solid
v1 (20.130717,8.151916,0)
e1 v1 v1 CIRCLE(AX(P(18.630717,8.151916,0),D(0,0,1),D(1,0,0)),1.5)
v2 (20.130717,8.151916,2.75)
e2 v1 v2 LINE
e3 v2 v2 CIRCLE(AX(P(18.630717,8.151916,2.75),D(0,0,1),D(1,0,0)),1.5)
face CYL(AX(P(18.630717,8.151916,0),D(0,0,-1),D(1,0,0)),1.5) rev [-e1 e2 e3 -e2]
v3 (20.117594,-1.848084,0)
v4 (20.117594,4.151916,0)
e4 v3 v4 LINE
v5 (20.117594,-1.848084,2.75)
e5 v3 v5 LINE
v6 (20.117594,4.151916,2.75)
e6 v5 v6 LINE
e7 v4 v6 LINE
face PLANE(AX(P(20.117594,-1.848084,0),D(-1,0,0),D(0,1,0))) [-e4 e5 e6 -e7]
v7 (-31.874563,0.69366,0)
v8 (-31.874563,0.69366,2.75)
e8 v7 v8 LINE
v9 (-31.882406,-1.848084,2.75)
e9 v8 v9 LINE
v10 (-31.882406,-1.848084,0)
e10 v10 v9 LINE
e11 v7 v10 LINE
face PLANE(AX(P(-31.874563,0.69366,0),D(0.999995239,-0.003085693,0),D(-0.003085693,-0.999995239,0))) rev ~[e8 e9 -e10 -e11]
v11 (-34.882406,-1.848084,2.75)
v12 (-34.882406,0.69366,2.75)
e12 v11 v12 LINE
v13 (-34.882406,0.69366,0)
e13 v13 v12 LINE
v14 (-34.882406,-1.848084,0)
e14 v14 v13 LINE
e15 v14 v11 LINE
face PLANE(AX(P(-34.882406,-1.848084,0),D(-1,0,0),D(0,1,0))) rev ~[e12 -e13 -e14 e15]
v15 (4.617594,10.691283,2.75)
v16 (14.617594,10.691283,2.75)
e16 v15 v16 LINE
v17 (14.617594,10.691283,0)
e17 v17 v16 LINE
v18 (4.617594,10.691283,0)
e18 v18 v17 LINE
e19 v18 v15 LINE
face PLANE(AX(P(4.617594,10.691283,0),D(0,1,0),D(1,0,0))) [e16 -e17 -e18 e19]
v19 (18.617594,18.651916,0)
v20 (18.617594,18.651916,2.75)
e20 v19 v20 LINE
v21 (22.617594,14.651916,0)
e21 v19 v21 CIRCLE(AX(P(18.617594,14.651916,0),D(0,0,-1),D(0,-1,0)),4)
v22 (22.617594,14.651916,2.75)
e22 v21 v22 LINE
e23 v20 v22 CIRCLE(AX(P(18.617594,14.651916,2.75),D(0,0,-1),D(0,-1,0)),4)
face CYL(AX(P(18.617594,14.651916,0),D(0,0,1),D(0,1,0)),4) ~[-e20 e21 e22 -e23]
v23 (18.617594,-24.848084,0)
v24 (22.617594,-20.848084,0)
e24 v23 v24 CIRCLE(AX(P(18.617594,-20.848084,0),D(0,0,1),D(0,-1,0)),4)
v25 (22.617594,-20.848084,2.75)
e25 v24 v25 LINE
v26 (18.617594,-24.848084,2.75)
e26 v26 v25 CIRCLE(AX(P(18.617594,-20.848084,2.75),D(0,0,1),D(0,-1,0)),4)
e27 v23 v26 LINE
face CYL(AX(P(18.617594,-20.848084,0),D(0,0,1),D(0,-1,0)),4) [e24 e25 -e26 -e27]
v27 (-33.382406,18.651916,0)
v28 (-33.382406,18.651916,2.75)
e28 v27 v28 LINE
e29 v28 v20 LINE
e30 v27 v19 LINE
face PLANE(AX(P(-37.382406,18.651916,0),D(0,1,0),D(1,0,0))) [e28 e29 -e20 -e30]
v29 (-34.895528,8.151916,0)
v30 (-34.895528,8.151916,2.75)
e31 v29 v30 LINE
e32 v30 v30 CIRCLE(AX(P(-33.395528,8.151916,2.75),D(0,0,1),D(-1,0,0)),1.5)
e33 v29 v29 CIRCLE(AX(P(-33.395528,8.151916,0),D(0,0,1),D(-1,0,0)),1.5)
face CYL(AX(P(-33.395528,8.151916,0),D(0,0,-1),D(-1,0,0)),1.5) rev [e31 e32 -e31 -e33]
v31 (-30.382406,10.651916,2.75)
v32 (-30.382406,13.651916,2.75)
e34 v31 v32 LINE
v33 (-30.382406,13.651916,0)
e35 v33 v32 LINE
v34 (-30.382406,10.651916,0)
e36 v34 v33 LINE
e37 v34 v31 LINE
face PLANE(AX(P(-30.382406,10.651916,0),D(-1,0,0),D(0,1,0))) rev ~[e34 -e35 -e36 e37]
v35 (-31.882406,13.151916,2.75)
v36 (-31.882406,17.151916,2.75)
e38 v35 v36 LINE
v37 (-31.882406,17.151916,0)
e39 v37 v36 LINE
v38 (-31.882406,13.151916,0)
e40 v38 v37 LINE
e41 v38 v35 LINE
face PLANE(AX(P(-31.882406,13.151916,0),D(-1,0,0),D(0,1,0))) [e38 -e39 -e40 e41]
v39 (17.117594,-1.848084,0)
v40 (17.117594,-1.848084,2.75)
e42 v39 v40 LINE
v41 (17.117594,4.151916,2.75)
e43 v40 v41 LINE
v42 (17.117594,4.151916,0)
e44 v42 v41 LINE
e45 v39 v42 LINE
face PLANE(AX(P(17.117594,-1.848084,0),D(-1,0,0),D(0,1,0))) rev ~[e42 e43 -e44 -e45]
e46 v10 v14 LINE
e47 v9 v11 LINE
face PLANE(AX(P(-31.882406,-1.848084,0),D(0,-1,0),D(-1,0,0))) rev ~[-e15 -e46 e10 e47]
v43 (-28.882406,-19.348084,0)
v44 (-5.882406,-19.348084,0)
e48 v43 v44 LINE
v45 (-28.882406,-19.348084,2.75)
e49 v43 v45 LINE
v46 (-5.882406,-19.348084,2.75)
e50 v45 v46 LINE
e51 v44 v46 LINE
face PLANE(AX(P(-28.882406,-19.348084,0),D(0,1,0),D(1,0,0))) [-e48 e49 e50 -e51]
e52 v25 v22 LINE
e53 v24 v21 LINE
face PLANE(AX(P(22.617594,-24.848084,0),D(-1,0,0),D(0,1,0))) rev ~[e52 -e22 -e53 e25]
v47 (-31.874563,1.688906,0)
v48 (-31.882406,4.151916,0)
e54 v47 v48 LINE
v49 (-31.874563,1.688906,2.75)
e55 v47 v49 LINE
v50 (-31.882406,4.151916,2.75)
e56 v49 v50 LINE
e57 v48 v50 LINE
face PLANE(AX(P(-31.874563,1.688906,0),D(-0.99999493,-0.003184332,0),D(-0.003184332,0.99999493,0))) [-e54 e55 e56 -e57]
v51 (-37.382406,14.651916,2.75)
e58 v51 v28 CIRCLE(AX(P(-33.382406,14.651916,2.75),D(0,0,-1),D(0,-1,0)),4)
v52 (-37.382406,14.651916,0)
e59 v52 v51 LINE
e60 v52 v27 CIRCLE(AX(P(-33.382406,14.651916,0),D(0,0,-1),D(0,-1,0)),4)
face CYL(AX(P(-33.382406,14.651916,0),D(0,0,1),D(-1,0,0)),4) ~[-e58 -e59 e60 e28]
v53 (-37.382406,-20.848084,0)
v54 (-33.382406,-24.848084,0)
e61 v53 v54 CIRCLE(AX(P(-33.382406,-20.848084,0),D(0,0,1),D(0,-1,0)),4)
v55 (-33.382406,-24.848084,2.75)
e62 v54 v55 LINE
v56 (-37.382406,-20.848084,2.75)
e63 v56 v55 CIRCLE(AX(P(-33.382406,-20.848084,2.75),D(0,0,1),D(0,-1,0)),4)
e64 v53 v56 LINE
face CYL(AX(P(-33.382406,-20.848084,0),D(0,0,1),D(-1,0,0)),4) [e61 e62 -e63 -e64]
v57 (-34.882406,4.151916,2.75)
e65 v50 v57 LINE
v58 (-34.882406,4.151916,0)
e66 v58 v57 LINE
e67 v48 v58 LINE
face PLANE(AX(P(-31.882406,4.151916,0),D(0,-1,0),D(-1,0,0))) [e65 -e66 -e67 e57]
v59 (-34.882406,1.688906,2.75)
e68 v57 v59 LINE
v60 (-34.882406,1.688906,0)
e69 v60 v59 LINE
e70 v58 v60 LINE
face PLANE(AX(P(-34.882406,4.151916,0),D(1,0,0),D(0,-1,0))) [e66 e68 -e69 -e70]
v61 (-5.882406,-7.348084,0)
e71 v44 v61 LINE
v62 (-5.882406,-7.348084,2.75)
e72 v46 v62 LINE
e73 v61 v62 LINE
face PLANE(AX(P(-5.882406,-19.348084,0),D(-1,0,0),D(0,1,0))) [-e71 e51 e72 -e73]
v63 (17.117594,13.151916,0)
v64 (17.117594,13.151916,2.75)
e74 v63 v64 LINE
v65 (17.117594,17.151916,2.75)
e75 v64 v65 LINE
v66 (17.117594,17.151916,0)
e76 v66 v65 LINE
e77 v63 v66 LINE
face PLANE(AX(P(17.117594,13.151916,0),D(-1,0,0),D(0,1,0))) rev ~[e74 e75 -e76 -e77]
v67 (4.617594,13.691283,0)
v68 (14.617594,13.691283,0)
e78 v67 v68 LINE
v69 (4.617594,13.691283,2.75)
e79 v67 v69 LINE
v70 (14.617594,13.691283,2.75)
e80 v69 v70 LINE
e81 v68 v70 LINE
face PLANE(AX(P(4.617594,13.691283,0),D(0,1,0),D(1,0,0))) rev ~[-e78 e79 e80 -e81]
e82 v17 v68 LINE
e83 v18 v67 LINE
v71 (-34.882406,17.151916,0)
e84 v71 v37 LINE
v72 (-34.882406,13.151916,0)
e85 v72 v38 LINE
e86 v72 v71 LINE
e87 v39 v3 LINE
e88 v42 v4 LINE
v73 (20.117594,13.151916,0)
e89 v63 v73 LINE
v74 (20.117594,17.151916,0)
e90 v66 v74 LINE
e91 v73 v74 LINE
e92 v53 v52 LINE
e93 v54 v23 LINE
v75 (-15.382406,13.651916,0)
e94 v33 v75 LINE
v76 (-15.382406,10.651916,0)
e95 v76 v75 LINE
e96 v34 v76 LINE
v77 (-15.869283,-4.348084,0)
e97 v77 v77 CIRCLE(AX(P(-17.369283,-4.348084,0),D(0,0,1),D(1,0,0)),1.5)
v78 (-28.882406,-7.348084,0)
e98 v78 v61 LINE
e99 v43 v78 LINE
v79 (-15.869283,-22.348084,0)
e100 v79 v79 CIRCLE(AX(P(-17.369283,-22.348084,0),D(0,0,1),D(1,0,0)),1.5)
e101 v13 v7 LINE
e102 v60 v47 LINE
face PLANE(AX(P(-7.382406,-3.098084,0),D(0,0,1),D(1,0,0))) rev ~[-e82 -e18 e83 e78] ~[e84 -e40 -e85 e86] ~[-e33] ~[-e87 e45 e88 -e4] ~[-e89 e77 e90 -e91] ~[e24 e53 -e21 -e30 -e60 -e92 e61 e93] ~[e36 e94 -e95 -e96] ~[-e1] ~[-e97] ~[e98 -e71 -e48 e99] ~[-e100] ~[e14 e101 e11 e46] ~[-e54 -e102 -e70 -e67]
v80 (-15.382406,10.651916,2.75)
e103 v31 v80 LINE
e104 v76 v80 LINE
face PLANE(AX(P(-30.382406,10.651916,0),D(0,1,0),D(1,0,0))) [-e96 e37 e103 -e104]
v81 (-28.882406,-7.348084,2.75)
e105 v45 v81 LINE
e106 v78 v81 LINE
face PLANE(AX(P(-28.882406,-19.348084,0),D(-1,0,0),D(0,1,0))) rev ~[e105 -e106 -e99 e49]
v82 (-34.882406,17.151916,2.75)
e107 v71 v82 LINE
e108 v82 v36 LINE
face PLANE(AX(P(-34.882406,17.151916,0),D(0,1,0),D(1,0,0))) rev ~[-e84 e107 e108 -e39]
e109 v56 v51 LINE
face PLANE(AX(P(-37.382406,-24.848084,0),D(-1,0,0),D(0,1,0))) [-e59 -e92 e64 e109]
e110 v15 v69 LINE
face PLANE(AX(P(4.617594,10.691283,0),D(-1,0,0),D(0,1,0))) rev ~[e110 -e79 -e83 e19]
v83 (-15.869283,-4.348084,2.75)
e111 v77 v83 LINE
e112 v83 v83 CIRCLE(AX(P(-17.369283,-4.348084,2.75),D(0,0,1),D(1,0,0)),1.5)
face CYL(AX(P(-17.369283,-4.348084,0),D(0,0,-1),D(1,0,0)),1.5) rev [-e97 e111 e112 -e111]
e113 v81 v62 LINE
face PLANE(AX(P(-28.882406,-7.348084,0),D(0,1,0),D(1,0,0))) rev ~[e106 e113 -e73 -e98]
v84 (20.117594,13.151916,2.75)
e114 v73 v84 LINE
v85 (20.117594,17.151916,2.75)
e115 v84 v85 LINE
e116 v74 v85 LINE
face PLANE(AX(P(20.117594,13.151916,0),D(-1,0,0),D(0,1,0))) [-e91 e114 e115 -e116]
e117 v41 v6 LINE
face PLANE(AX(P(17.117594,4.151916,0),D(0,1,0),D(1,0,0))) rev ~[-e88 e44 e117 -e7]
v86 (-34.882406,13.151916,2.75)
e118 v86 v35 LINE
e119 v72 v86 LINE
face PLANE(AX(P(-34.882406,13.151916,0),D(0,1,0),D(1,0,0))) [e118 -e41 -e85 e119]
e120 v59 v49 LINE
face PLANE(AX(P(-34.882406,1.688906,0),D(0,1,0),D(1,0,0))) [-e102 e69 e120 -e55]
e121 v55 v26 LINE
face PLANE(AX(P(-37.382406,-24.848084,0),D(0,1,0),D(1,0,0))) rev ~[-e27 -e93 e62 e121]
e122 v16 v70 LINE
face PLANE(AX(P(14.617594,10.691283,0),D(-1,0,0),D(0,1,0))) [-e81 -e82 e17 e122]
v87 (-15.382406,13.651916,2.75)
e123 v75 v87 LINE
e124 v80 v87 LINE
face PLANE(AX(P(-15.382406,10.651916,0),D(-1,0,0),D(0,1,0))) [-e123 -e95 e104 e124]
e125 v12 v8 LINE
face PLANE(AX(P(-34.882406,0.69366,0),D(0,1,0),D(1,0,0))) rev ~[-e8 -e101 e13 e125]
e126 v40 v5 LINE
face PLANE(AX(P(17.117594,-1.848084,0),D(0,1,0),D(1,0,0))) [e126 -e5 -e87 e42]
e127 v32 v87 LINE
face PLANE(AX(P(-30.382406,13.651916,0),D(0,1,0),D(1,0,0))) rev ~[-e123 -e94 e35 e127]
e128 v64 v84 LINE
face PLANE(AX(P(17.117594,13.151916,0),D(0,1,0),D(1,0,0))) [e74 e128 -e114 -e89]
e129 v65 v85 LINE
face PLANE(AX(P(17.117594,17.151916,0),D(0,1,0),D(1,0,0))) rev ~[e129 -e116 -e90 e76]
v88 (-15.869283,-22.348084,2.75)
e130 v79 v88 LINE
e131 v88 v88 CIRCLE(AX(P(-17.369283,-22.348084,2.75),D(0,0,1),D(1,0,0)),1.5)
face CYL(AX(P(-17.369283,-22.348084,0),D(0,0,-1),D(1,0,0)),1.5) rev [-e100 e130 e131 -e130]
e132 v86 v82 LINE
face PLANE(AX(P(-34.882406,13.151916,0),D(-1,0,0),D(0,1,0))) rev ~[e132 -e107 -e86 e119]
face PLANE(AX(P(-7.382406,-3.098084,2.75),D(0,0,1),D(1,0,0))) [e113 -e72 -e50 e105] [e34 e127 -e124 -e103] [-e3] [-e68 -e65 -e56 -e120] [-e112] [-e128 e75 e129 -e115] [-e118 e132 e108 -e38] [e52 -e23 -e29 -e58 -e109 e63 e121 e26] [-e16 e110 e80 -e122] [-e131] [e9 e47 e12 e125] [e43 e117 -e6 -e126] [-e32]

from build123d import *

# Parameters (mm, degrees)
SKETCH1_W           = 60
SKETCH1_H           = 43.5
SKETCH1_R           = 1.5
SKETCH1_W_2         = 23
SKETCH1_H_2         = 12
SKETCH1_W_3         = 15
SKETCH1_H_3         = 3
SKETCH1_W_4         = 10
SKETCH1_W_5         = 3
SKETCH1_H_4         = 6
SKETCH1_H_5         = 4
BOSS_EXTRUDE1_DEPTH = 2.75
FILLET1_R           = 4


with BuildPart() as part:
    # Sketch1 → Boss-Extrude1 (new body)
    with BuildSketch(Plane.XY):
        with Locations((-7.382405678, -3.098084383)):
            Rectangle(SKETCH1_W, SKETCH1_H)
        with Locations((-17.369283231, -22.348084383)):
            Circle(SKETCH1_R, mode=Mode.SUBTRACT)
        with Locations((-17.369283231, -4.348084383)):
            Circle(SKETCH1_R, mode=Mode.SUBTRACT)
        with Locations((18.630716769, 8.151915617)):
            Circle(SKETCH1_R, mode=Mode.SUBTRACT)
        with Locations(Location((-33.395528126, 8.151915617, 0), (0, 0, 180))):
            Circle(SKETCH1_R, mode=Mode.SUBTRACT)
        with Locations((-17.382405678, -13.348084383)):
            Rectangle(SKETCH1_W_2, SKETCH1_H_2, mode=Mode.SUBTRACT)
        with Locations((-22.882405678, 12.151915617)):
            Rectangle(SKETCH1_W_3, SKETCH1_H_3, mode=Mode.SUBTRACT)
        with Locations((9.617594322, 12.191282959)):
            Rectangle(SKETCH1_W_4, SKETCH1_H_3, mode=Mode.SUBTRACT)
        with Locations((18.617594322, 1.151915617)):
            Rectangle(SKETCH1_W_5, SKETCH1_H_4, mode=Mode.SUBTRACT)
        with Locations((18.617594322, 15.151915617)):
            Rectangle(SKETCH1_W_5, SKETCH1_H_5, mode=Mode.SUBTRACT)
        Polygon((-31.882405678, 4.151915617), (-34.882405678, 4.151915617), (-34.882405678, 1.688906326), (-31.8745626, 1.688906326), align=None, mode=Mode.SUBTRACT)
        Polygon((-34.882405678, -1.848084383), (-34.882405678, 0.693659593), (-31.8745626, 0.693659593), (-31.882405678, -1.848084383), align=None, mode=Mode.SUBTRACT)
        with Locations((-33.382405678, 15.151915617)):
            Rectangle(SKETCH1_W_5, SKETCH1_H_5, mode=Mode.SUBTRACT)
    extrude(amount=BOSS_EXTRUDE1_DEPTH)

    # Fillet1
    fillet1_edges = [part.edges().sort_by_distance(p)[0] for p in [
        (22.617594322, -24.848084383, 1.375),
        (-37.382405678, -24.848084383, 1.375),
        (-37.382405678, 18.651915617, 1.375),
        (22.617594322, 18.651915617, 1.375),
    ]]
    fillet(fillet1_edges, radius=FILLET1_R)


solid = part.part
